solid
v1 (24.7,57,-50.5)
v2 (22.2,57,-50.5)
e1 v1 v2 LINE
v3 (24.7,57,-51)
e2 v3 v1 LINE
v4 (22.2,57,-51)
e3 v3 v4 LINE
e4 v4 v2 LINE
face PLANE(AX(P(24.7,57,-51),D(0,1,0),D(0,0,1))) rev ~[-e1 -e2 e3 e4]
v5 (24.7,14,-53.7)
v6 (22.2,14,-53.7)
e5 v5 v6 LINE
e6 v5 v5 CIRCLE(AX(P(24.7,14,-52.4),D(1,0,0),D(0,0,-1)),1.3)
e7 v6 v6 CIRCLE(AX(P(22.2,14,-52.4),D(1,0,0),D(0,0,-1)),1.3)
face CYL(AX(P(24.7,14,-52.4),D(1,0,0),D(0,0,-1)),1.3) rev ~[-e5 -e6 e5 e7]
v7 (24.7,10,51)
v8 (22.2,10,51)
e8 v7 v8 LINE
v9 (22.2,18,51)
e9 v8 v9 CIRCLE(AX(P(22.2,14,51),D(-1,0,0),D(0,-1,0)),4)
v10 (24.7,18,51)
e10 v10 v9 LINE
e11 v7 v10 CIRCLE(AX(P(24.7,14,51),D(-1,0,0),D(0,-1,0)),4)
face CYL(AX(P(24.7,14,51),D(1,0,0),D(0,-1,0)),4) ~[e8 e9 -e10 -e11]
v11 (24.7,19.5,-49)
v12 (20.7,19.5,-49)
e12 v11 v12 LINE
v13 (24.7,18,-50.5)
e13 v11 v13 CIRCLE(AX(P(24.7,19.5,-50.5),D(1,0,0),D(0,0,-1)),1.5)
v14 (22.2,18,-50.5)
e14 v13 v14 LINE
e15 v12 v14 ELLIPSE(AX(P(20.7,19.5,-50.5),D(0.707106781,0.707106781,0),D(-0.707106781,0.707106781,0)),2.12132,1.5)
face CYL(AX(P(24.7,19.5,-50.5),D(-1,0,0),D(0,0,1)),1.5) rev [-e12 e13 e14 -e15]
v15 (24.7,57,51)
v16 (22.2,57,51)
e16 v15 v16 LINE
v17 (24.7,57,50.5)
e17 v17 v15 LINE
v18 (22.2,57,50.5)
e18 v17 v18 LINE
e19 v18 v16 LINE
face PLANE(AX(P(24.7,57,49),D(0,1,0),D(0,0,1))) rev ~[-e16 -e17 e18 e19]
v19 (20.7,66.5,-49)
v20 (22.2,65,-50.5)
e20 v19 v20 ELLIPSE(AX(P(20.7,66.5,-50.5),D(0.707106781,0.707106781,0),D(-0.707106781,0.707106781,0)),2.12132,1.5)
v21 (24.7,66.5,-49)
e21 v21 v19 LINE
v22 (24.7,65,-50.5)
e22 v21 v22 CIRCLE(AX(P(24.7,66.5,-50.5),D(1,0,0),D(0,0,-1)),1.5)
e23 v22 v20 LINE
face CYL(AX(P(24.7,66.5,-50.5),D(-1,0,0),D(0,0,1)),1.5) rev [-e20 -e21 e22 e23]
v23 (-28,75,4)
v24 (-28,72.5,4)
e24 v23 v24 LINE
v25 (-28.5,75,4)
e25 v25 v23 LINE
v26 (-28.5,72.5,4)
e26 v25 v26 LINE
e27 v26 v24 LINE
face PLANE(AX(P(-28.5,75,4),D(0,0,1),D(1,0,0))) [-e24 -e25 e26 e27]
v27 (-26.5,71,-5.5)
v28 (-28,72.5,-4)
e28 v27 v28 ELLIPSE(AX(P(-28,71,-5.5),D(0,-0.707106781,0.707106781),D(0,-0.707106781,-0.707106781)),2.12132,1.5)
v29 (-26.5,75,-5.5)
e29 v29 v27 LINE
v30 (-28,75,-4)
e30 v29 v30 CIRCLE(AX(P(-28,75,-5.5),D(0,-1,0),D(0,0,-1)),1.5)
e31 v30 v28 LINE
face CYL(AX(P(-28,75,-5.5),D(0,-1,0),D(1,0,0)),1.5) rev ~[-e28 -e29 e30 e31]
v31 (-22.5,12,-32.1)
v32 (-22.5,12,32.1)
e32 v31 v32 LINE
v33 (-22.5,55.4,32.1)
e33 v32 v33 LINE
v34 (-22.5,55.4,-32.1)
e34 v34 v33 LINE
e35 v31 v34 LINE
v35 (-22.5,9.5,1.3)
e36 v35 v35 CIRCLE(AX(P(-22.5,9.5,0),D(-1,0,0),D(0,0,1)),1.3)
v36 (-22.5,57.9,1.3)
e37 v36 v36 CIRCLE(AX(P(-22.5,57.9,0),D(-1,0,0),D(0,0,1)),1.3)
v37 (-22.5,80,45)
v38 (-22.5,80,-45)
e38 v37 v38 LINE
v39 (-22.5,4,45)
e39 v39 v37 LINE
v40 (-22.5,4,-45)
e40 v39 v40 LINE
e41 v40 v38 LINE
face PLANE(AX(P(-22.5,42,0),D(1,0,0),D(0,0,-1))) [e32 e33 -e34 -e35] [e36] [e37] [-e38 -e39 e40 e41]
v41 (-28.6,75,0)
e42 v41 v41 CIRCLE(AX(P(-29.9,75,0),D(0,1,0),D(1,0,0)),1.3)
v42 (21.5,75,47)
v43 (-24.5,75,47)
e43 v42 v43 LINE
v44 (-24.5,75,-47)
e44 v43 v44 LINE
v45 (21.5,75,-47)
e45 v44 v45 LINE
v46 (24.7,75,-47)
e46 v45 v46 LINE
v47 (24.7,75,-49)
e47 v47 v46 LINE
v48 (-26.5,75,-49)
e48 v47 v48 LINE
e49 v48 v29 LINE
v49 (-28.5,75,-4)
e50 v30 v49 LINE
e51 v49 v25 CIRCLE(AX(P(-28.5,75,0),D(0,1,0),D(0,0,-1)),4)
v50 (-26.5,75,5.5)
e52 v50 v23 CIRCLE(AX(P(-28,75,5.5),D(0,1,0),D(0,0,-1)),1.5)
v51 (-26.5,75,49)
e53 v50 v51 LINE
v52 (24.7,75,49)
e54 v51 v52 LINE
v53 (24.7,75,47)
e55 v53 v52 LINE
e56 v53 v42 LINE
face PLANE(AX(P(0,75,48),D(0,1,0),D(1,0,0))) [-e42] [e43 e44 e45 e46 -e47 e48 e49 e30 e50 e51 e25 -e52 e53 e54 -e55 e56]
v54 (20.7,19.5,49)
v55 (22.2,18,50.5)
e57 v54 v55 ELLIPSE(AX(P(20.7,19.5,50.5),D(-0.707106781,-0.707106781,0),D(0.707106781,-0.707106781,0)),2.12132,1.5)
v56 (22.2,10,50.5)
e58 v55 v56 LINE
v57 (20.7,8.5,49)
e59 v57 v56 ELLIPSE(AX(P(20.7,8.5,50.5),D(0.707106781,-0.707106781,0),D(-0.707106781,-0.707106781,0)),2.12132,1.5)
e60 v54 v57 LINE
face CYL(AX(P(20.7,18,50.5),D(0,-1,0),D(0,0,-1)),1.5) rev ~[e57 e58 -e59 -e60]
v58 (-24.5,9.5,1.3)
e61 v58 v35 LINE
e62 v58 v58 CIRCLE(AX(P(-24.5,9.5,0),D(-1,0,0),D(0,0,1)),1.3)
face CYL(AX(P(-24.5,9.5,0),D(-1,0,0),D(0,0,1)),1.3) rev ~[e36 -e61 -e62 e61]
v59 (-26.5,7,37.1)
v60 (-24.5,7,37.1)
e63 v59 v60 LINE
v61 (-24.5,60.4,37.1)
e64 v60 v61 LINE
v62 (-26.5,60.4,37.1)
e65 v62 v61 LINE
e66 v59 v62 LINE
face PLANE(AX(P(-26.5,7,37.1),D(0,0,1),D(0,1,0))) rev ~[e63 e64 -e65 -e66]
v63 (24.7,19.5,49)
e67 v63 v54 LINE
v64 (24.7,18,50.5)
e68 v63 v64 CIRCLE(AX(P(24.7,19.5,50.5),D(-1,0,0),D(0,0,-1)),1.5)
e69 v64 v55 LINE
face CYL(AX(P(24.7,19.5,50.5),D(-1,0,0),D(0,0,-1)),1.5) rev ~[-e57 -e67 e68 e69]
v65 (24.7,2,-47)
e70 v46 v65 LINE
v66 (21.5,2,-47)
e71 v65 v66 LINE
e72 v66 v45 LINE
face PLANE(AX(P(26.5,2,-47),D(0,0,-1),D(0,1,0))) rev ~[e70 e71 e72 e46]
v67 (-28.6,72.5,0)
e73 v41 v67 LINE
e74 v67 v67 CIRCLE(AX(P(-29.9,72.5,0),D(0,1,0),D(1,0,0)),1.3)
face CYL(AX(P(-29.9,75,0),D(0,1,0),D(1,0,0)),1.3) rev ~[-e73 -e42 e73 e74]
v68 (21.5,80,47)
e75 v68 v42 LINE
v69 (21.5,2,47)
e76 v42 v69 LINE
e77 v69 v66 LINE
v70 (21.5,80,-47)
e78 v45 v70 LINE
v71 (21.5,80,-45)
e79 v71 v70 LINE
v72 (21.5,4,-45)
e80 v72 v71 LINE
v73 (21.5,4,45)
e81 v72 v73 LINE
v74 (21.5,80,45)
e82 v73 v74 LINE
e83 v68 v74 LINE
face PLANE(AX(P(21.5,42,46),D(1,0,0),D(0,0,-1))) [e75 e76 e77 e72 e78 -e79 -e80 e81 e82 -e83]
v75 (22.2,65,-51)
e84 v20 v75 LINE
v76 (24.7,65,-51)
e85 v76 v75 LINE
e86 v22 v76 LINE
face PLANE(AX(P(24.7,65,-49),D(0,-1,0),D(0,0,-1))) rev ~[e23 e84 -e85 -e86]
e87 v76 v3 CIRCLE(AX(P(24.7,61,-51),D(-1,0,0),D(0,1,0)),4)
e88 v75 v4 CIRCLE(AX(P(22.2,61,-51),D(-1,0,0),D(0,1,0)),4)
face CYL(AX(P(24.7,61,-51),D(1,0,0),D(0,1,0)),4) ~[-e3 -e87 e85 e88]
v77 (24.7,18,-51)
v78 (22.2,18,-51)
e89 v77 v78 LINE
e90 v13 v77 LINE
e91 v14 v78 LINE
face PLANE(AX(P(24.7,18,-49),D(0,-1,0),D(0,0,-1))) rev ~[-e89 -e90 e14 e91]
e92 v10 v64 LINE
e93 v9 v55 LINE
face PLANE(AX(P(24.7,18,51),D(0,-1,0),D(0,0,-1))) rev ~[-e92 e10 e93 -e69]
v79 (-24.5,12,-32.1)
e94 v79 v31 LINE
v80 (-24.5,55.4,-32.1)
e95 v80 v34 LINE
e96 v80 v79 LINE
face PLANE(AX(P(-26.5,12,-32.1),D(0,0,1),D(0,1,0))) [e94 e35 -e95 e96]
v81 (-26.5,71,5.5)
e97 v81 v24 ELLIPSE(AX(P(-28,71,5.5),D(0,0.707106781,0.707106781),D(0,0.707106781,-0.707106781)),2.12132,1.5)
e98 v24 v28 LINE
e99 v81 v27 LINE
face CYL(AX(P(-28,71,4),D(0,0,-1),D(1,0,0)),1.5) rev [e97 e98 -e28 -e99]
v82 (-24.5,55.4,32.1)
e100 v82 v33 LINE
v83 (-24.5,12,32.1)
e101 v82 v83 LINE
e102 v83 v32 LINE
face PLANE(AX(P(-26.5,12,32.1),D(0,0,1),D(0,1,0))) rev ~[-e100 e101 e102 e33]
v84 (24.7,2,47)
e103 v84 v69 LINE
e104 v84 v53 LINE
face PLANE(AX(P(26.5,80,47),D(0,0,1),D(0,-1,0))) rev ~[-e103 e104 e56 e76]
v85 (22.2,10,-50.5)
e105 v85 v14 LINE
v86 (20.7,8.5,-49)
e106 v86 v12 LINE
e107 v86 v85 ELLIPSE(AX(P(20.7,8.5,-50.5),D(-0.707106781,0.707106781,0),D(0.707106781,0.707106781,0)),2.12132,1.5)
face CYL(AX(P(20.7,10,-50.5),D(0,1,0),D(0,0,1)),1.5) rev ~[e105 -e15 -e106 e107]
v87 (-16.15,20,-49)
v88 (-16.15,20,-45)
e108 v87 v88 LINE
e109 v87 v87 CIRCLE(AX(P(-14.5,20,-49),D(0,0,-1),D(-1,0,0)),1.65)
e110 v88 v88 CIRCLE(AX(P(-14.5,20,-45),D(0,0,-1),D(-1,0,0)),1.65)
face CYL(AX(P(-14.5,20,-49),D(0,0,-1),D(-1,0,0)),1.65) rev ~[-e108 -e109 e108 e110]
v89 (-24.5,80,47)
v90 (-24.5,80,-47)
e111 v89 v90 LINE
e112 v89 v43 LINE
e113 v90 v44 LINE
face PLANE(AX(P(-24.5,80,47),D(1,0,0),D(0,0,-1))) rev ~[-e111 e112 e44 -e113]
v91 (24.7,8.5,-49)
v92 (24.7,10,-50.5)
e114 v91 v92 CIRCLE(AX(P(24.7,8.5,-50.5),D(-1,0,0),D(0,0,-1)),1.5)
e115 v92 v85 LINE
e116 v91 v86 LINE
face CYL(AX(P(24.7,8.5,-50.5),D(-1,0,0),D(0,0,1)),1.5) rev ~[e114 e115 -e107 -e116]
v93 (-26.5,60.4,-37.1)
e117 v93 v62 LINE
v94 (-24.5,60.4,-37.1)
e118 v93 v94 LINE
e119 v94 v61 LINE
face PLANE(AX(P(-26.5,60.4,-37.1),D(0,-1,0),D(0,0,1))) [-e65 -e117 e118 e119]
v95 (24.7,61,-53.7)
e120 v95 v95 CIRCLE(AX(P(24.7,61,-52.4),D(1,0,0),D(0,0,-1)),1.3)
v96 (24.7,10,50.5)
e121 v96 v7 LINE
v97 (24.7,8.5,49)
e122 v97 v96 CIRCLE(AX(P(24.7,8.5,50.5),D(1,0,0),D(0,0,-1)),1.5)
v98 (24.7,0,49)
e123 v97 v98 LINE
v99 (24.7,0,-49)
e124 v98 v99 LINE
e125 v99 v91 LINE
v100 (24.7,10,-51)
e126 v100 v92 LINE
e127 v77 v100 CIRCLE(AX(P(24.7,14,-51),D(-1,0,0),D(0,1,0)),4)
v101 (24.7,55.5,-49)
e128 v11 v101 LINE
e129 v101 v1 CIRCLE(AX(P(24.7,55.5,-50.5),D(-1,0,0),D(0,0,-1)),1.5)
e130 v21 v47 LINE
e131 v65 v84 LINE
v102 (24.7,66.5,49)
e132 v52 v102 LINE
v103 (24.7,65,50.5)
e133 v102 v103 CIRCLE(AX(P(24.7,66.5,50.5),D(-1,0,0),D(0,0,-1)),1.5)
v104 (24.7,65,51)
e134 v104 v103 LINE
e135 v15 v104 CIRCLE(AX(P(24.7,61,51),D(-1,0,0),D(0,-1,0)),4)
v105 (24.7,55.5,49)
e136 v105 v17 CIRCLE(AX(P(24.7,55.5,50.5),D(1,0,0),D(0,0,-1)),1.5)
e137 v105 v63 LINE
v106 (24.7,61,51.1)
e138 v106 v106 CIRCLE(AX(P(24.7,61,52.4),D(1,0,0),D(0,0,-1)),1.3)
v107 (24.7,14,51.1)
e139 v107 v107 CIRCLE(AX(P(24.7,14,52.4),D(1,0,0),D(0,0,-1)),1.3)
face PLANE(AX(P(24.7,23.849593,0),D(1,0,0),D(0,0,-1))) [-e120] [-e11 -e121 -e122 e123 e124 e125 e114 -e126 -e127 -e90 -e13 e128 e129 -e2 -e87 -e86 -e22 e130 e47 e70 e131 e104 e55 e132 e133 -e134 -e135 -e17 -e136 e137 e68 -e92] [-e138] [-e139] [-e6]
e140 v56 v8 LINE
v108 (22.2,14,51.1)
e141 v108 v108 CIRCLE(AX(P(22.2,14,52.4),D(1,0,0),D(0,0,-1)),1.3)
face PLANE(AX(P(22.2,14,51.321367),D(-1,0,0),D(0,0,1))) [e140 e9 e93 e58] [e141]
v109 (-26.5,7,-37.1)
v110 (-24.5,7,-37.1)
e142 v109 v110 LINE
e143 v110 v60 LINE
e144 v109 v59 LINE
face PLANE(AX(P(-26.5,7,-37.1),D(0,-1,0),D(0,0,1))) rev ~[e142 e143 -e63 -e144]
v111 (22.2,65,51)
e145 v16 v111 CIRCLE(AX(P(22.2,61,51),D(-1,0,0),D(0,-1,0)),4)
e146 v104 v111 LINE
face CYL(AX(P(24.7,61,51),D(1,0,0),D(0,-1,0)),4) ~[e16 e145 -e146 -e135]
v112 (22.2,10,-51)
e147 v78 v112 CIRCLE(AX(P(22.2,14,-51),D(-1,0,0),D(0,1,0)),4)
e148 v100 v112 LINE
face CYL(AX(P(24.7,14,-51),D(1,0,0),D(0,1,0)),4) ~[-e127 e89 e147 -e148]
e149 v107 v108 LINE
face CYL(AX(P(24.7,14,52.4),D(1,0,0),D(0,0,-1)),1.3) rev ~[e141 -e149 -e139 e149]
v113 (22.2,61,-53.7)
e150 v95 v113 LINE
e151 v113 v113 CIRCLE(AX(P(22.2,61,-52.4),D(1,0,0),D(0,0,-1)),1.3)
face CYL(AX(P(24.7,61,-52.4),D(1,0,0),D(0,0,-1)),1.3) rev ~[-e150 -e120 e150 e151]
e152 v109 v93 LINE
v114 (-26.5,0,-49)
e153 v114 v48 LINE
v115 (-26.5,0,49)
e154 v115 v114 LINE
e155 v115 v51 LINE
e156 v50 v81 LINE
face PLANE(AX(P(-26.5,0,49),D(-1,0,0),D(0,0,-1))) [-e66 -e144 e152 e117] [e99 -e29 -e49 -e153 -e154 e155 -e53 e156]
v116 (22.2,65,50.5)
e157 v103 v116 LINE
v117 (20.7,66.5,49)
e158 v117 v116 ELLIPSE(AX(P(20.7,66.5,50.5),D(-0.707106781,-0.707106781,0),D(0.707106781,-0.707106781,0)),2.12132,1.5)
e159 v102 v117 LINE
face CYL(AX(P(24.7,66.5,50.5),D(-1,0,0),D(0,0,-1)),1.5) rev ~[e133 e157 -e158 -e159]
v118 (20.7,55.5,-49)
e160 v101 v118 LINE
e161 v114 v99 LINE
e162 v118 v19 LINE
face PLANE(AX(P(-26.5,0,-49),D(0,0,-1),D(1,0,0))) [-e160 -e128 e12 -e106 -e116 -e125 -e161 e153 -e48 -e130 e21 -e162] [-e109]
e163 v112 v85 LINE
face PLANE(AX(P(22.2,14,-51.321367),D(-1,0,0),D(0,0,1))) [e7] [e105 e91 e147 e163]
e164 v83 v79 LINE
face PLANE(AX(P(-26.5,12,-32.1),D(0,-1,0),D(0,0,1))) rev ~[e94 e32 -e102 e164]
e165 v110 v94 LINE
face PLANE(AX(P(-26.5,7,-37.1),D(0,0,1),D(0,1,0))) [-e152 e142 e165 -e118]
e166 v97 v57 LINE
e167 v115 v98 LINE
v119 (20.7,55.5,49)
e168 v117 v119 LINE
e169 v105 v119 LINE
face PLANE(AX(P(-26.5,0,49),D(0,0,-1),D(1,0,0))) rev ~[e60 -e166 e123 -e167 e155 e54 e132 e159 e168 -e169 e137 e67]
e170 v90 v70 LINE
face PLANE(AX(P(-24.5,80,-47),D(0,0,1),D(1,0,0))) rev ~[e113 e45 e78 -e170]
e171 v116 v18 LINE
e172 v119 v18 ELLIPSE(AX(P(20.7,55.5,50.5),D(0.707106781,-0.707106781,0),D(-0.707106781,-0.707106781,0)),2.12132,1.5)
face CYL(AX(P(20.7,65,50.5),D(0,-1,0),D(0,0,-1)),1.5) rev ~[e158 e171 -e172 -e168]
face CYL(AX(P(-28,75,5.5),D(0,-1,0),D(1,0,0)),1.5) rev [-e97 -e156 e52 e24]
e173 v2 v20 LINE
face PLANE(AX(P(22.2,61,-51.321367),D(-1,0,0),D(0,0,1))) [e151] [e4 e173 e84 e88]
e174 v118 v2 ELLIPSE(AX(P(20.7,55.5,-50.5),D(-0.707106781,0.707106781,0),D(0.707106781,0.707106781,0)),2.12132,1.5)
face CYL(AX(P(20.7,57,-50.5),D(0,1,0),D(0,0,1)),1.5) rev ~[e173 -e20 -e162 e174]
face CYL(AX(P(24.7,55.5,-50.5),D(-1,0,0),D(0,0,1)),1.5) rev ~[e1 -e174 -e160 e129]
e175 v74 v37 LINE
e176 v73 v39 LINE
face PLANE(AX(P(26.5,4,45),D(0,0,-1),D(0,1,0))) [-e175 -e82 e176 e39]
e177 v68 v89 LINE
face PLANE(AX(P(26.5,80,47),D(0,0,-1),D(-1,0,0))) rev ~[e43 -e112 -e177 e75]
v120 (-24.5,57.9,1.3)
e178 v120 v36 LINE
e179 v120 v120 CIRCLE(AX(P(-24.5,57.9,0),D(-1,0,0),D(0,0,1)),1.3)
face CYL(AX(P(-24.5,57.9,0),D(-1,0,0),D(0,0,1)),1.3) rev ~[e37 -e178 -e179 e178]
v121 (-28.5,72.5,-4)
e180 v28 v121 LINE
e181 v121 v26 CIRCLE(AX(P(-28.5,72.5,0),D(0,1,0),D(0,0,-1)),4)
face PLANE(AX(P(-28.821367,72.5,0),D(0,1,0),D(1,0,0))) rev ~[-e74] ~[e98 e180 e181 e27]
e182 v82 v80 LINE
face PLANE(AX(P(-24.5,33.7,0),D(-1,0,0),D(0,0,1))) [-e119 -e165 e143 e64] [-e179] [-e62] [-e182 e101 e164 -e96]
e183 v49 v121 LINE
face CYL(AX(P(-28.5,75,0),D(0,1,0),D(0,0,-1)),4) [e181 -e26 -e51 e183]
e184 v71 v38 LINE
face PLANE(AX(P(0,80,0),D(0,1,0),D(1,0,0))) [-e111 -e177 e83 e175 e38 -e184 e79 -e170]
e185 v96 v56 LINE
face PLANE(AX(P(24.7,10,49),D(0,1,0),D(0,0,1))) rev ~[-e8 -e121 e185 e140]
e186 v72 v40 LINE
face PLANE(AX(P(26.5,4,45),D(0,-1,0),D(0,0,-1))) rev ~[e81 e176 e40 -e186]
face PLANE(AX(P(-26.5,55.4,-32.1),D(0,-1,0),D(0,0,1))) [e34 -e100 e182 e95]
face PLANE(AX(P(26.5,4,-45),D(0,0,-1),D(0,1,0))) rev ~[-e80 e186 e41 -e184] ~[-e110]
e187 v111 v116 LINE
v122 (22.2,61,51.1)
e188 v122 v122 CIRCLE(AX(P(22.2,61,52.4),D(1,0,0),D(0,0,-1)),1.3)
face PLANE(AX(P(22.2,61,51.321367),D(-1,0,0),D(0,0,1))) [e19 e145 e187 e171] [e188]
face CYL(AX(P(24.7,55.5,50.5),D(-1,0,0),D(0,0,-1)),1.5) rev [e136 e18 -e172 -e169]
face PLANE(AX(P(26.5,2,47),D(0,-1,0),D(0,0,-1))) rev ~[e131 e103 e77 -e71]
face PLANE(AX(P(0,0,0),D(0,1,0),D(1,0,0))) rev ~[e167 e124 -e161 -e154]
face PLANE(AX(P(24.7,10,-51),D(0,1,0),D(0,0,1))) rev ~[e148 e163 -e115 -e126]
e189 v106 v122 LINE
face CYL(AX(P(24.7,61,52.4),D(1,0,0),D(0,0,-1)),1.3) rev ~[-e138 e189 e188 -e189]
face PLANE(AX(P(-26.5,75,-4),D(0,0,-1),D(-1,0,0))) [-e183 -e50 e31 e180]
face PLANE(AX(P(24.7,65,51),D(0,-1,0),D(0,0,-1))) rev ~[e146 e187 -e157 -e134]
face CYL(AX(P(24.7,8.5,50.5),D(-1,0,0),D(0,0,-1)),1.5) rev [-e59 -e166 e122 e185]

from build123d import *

# Parameters (mm, degrees)
SKETCH1_W           = 53
SKETCH1_H           = 98
BOSS_EXTRUDE1_DEPTH = 80
SKETCH2_W           = 90
SKETCH2_H           = 76
CUT_EXTRUDE1_DEPTH  = 49
SKETCH3_W           = 51
SKETCH3_H           = 2
CUT_EXTRUDE2_DEPTH  = 5
SKETCH5_W           = 2
SKETCH5_H           = 76
CUT_EXTRUDE3_DEPTH  = 5
CUT_EXTRUDE4_DEPTH  = 1.8
SKETCH8_R           = 1.3
BOSS_EXTRUDE3_DEPTH = 2.5
FILLET2_R           = 1.5
SKETCH9_R           = 1.3
BOSS_EXTRUDE4_DEPTH = 2.5
FILLET4_R           = 1.5
CUT_EXTRUDE6_REACH  = 53.2
SKETCH14_W          = 64.2
SKETCH14_H          = 43.4
SKETCH15_W          = 74.2
SKETCH15_H          = 53.4
CUT_EXTRUDE7_DEPTH  = 2
CUT_EXTRUDE8_REACH  = 51.2
SKETCH16_R          = 1.3
CUT_EXTRUDE12_REACH = 106
SKETCH29_R          = 1.65


with BuildPart() as part:
    # Sketch1 → Boss-Extrude1 (new body)
    with BuildSketch(Plane(origin=(0, 0, 0), x_dir=(1, 0, 0), z_dir=(0, 1, 0))):
        Rectangle(SKETCH1_W, SKETCH1_H)
    extrude(amount=BOSS_EXTRUDE1_DEPTH)

    # Sketch2 → Cut-Extrude1 (cut)
    with BuildSketch(Plane(origin=(26.5, 0, 0), x_dir=(0, 0, -1), z_dir=(1, 0, 0))):
        with Locations((0, 42)):
            Rectangle(SKETCH2_W, SKETCH2_H)
    extrude(amount=-CUT_EXTRUDE1_DEPTH, mode=Mode.SUBTRACT)

    # Sketch3 → Cut-Extrude2 (cut)
    with BuildSketch(Plane(origin=(0, 80, 0), x_dir=(1, 0, 0), z_dir=(0, 1, 0))):
        Polygon((-26.5, -49), (26.5, -49), (26.5, -47), (-24.5, -47), (-26.5, -47), align=None)
        Polygon((-26.5, 49), (-26.5, -47), (-24.5, -47), (-24.5, 47), (-24.5, 49), align=None)
        with Locations((1, 48)):
            Rectangle(SKETCH3_W, SKETCH3_H)
    extrude(amount=-CUT_EXTRUDE2_DEPTH, mode=Mode.SUBTRACT)

    # Sketch5 → Cut-Extrude3 (cut)
    with BuildSketch(Plane(origin=(26.5, 0, 0), x_dir=(0, 0, -1), z_dir=(1, 0, 0))):
        with Locations((-46, 42)):
            Rectangle(SKETCH5_W, SKETCH5_H)
        Polygon((-45, 4), (-47, 4), (-47, 2), (47, 2), (47, 4), (45, 4), align=None)
        with Locations((46, 42)):
            Rectangle(SKETCH5_W, SKETCH5_H)
    extrude(amount=-CUT_EXTRUDE3_DEPTH, mode=Mode.SUBTRACT)

    # Sketch6 → Cut-Extrude4 (cut)
    with BuildSketch(Plane(origin=(26.5, 0, 0), x_dir=(0, 0, -1), z_dir=(1, 0, 0))):
        Polygon((47, 75), (47, 2), (-47, 2), (-47, 75), (-49, 75), (-49, 0), (49, 0), (49, 75), align=None)
    extrude(amount=-CUT_EXTRUDE4_DEPTH, mode=Mode.SUBTRACT)

    # Sketch8 → Boss-Extrude3 (add)
    with BuildSketch(Plane(origin=(24.7, 0, 0), x_dir=(0, 0, -1), z_dir=(1, 0, 0))):
        with BuildLine():
            Line((-49, 10), (-51, 10))
            ThreePointArc((-51, 10), (-55, 14), (-51, 18))
            Line((-51, 18), (-49, 18))
            Line((-49, 18), (-49, 10))
        make_face()
        with Locations((-52.4, 14)):
            Circle(SKETCH8_R, mode=Mode.SUBTRACT)
        with BuildLine():
            Line((-49, 65), (-49, 57))
            Line((-49, 57), (-51, 57))
            ThreePointArc((-51, 57), (-55, 61), (-51, 65))
            Line((-51, 65), (-49, 65))
        make_face()
        with Locations((-52.4, 61)):
            Circle(SKETCH8_R, mode=Mode.SUBTRACT)
        with BuildLine():
            Line((49, 10), (49, 18))
            Line((49, 18), (51, 18))
            ThreePointArc((51, 18), (55, 14), (51, 10))
            Line((51, 10), (49, 10))
        make_face()
        with Locations((52.4, 14)):
            Circle(SKETCH8_R, mode=Mode.SUBTRACT)
        with BuildLine():
            Line((49, 65), (51, 65))
            ThreePointArc((51, 65), (55, 61), (51, 57))
            Line((51, 57), (49, 57))
            Line((49, 57), (49, 65))
        make_face()
        with Locations((52.4, 61)):
            Circle(SKETCH8_R, mode=Mode.SUBTRACT)
    extrude(amount=-BOSS_EXTRUDE3_DEPTH)

    # Fillet2
    fillet2_edges = [part.edges().sort_by_distance(p)[0] for p in [
        (22.2, 14, 49),
        (23.45, 18, 49),
        (23.45, 10, 49),
        (22.2, 61, 49),
        (23.45, 65, 49),
        (23.45, 57, 49),
        (22.2, 14, -49),
        (23.45, 10, -49),
        (23.45, 18, -49),
        (22.2, 61, -49),
        (23.45, 57, -49),
        (23.45, 65, -49),
    ]]
    fillet(fillet2_edges, radius=FILLET2_R)

    # Sketch9 → Boss-Extrude4 (add)
    with BuildSketch(Plane(origin=(0, 75, 0), x_dir=(1, 0, 0), z_dir=(0, 1, 0))):
        with BuildLine():
            Line((-26.5, 4), (-28.5, 4))
            ThreePointArc((-28.5, 4), (-32.5, 0), (-28.5, -4))
            Line((-28.5, -4), (-26.5, -4))
            Line((-26.5, -4), (-26.5, 4))
        make_face()
        with Locations((-29.9, 0)):
            Circle(SKETCH9_R, mode=Mode.SUBTRACT)
    extrude(amount=-BOSS_EXTRUDE4_DEPTH)

    # Fillet4
    fillet4_edges = [part.edges().sort_by_distance(p)[0] for p in [
        (-26.5, 72.5, 0),
        (-26.5, 73.75, -4),
        (-26.5, 73.75, 4),
    ]]
    fillet(fillet4_edges, radius=FILLET4_R)

    # Sketch14 → Cut-Extrude6 (cut, up to next)
    with BuildSketch(Plane.ZY.offset(26.5), mode=Mode.PRIVATE) as cut_extrude6_sk1:
        with Locations((0, 33.7)):
            Rectangle(SKETCH14_W, SKETCH14_H)
    cut_extrude6_tool1 = extrude(cut_extrude6_sk1.sketch, amount=-CUT_EXTRUDE6_REACH, mode=Mode.PRIVATE) & part.part
    add(cut_extrude6_tool1.solids().sort_by_distance((-26.5, 33.7, 0))[0], mode=Mode.SUBTRACT)

    # Sketch15 → Cut-Extrude7 (cut)
    with BuildSketch(Plane.ZY.offset(26.5)):
        with Locations((0, 33.7)):
            Rectangle(SKETCH15_W, SKETCH15_H)
    extrude(amount=-CUT_EXTRUDE7_DEPTH, mode=Mode.SUBTRACT)

    # Sketch16 → Cut-Extrude8 (cut, up to next)
    with BuildSketch(Plane.ZY.offset(24.5), mode=Mode.PRIVATE) as cut_extrude8_sk1:
        with Locations((0, 57.9)):
            Circle(SKETCH16_R)
    cut_extrude8_tool1 = extrude(cut_extrude8_sk1.sketch, amount=-CUT_EXTRUDE8_REACH, mode=Mode.PRIVATE) & part.part
    add(cut_extrude8_tool1.solids().sort_by_distance((-24.5, 57.9, 0))[0], mode=Mode.SUBTRACT)
    # Sketch16 → Cut-Extrude8 (cut, up to next)
    with BuildSketch(Plane.ZY.offset(24.5), mode=Mode.PRIVATE) as cut_extrude8_sk2:
        with Locations((0, 9.5)):
            Circle(SKETCH16_R)
    cut_extrude8_tool2 = extrude(cut_extrude8_sk2.sketch, amount=-CUT_EXTRUDE8_REACH, mode=Mode.PRIVATE) & part.part
    add(cut_extrude8_tool2.solids().sort_by_distance((-24.5, 9.5, 0))[0], mode=Mode.SUBTRACT)

    # Sketch29 → Cut-Extrude12 (cut, up to next)
    with BuildSketch(Plane(origin=(0, 0, -49), x_dir=(-1, 0, 0), z_dir=(0, 0, -1)), mode=Mode.PRIVATE) as cut_extrude12_sk1:
        with Locations((14.5, 20)):
            Circle(SKETCH29_R)
    cut_extrude12_tool1 = extrude(cut_extrude12_sk1.sketch, amount=-CUT_EXTRUDE12_REACH, mode=Mode.PRIVATE) & part.part
    add(cut_extrude12_tool1.solids().sort_by_distance((-14.5, 20, -49))[0], mode=Mode.SUBTRACT)


solid = part.part
